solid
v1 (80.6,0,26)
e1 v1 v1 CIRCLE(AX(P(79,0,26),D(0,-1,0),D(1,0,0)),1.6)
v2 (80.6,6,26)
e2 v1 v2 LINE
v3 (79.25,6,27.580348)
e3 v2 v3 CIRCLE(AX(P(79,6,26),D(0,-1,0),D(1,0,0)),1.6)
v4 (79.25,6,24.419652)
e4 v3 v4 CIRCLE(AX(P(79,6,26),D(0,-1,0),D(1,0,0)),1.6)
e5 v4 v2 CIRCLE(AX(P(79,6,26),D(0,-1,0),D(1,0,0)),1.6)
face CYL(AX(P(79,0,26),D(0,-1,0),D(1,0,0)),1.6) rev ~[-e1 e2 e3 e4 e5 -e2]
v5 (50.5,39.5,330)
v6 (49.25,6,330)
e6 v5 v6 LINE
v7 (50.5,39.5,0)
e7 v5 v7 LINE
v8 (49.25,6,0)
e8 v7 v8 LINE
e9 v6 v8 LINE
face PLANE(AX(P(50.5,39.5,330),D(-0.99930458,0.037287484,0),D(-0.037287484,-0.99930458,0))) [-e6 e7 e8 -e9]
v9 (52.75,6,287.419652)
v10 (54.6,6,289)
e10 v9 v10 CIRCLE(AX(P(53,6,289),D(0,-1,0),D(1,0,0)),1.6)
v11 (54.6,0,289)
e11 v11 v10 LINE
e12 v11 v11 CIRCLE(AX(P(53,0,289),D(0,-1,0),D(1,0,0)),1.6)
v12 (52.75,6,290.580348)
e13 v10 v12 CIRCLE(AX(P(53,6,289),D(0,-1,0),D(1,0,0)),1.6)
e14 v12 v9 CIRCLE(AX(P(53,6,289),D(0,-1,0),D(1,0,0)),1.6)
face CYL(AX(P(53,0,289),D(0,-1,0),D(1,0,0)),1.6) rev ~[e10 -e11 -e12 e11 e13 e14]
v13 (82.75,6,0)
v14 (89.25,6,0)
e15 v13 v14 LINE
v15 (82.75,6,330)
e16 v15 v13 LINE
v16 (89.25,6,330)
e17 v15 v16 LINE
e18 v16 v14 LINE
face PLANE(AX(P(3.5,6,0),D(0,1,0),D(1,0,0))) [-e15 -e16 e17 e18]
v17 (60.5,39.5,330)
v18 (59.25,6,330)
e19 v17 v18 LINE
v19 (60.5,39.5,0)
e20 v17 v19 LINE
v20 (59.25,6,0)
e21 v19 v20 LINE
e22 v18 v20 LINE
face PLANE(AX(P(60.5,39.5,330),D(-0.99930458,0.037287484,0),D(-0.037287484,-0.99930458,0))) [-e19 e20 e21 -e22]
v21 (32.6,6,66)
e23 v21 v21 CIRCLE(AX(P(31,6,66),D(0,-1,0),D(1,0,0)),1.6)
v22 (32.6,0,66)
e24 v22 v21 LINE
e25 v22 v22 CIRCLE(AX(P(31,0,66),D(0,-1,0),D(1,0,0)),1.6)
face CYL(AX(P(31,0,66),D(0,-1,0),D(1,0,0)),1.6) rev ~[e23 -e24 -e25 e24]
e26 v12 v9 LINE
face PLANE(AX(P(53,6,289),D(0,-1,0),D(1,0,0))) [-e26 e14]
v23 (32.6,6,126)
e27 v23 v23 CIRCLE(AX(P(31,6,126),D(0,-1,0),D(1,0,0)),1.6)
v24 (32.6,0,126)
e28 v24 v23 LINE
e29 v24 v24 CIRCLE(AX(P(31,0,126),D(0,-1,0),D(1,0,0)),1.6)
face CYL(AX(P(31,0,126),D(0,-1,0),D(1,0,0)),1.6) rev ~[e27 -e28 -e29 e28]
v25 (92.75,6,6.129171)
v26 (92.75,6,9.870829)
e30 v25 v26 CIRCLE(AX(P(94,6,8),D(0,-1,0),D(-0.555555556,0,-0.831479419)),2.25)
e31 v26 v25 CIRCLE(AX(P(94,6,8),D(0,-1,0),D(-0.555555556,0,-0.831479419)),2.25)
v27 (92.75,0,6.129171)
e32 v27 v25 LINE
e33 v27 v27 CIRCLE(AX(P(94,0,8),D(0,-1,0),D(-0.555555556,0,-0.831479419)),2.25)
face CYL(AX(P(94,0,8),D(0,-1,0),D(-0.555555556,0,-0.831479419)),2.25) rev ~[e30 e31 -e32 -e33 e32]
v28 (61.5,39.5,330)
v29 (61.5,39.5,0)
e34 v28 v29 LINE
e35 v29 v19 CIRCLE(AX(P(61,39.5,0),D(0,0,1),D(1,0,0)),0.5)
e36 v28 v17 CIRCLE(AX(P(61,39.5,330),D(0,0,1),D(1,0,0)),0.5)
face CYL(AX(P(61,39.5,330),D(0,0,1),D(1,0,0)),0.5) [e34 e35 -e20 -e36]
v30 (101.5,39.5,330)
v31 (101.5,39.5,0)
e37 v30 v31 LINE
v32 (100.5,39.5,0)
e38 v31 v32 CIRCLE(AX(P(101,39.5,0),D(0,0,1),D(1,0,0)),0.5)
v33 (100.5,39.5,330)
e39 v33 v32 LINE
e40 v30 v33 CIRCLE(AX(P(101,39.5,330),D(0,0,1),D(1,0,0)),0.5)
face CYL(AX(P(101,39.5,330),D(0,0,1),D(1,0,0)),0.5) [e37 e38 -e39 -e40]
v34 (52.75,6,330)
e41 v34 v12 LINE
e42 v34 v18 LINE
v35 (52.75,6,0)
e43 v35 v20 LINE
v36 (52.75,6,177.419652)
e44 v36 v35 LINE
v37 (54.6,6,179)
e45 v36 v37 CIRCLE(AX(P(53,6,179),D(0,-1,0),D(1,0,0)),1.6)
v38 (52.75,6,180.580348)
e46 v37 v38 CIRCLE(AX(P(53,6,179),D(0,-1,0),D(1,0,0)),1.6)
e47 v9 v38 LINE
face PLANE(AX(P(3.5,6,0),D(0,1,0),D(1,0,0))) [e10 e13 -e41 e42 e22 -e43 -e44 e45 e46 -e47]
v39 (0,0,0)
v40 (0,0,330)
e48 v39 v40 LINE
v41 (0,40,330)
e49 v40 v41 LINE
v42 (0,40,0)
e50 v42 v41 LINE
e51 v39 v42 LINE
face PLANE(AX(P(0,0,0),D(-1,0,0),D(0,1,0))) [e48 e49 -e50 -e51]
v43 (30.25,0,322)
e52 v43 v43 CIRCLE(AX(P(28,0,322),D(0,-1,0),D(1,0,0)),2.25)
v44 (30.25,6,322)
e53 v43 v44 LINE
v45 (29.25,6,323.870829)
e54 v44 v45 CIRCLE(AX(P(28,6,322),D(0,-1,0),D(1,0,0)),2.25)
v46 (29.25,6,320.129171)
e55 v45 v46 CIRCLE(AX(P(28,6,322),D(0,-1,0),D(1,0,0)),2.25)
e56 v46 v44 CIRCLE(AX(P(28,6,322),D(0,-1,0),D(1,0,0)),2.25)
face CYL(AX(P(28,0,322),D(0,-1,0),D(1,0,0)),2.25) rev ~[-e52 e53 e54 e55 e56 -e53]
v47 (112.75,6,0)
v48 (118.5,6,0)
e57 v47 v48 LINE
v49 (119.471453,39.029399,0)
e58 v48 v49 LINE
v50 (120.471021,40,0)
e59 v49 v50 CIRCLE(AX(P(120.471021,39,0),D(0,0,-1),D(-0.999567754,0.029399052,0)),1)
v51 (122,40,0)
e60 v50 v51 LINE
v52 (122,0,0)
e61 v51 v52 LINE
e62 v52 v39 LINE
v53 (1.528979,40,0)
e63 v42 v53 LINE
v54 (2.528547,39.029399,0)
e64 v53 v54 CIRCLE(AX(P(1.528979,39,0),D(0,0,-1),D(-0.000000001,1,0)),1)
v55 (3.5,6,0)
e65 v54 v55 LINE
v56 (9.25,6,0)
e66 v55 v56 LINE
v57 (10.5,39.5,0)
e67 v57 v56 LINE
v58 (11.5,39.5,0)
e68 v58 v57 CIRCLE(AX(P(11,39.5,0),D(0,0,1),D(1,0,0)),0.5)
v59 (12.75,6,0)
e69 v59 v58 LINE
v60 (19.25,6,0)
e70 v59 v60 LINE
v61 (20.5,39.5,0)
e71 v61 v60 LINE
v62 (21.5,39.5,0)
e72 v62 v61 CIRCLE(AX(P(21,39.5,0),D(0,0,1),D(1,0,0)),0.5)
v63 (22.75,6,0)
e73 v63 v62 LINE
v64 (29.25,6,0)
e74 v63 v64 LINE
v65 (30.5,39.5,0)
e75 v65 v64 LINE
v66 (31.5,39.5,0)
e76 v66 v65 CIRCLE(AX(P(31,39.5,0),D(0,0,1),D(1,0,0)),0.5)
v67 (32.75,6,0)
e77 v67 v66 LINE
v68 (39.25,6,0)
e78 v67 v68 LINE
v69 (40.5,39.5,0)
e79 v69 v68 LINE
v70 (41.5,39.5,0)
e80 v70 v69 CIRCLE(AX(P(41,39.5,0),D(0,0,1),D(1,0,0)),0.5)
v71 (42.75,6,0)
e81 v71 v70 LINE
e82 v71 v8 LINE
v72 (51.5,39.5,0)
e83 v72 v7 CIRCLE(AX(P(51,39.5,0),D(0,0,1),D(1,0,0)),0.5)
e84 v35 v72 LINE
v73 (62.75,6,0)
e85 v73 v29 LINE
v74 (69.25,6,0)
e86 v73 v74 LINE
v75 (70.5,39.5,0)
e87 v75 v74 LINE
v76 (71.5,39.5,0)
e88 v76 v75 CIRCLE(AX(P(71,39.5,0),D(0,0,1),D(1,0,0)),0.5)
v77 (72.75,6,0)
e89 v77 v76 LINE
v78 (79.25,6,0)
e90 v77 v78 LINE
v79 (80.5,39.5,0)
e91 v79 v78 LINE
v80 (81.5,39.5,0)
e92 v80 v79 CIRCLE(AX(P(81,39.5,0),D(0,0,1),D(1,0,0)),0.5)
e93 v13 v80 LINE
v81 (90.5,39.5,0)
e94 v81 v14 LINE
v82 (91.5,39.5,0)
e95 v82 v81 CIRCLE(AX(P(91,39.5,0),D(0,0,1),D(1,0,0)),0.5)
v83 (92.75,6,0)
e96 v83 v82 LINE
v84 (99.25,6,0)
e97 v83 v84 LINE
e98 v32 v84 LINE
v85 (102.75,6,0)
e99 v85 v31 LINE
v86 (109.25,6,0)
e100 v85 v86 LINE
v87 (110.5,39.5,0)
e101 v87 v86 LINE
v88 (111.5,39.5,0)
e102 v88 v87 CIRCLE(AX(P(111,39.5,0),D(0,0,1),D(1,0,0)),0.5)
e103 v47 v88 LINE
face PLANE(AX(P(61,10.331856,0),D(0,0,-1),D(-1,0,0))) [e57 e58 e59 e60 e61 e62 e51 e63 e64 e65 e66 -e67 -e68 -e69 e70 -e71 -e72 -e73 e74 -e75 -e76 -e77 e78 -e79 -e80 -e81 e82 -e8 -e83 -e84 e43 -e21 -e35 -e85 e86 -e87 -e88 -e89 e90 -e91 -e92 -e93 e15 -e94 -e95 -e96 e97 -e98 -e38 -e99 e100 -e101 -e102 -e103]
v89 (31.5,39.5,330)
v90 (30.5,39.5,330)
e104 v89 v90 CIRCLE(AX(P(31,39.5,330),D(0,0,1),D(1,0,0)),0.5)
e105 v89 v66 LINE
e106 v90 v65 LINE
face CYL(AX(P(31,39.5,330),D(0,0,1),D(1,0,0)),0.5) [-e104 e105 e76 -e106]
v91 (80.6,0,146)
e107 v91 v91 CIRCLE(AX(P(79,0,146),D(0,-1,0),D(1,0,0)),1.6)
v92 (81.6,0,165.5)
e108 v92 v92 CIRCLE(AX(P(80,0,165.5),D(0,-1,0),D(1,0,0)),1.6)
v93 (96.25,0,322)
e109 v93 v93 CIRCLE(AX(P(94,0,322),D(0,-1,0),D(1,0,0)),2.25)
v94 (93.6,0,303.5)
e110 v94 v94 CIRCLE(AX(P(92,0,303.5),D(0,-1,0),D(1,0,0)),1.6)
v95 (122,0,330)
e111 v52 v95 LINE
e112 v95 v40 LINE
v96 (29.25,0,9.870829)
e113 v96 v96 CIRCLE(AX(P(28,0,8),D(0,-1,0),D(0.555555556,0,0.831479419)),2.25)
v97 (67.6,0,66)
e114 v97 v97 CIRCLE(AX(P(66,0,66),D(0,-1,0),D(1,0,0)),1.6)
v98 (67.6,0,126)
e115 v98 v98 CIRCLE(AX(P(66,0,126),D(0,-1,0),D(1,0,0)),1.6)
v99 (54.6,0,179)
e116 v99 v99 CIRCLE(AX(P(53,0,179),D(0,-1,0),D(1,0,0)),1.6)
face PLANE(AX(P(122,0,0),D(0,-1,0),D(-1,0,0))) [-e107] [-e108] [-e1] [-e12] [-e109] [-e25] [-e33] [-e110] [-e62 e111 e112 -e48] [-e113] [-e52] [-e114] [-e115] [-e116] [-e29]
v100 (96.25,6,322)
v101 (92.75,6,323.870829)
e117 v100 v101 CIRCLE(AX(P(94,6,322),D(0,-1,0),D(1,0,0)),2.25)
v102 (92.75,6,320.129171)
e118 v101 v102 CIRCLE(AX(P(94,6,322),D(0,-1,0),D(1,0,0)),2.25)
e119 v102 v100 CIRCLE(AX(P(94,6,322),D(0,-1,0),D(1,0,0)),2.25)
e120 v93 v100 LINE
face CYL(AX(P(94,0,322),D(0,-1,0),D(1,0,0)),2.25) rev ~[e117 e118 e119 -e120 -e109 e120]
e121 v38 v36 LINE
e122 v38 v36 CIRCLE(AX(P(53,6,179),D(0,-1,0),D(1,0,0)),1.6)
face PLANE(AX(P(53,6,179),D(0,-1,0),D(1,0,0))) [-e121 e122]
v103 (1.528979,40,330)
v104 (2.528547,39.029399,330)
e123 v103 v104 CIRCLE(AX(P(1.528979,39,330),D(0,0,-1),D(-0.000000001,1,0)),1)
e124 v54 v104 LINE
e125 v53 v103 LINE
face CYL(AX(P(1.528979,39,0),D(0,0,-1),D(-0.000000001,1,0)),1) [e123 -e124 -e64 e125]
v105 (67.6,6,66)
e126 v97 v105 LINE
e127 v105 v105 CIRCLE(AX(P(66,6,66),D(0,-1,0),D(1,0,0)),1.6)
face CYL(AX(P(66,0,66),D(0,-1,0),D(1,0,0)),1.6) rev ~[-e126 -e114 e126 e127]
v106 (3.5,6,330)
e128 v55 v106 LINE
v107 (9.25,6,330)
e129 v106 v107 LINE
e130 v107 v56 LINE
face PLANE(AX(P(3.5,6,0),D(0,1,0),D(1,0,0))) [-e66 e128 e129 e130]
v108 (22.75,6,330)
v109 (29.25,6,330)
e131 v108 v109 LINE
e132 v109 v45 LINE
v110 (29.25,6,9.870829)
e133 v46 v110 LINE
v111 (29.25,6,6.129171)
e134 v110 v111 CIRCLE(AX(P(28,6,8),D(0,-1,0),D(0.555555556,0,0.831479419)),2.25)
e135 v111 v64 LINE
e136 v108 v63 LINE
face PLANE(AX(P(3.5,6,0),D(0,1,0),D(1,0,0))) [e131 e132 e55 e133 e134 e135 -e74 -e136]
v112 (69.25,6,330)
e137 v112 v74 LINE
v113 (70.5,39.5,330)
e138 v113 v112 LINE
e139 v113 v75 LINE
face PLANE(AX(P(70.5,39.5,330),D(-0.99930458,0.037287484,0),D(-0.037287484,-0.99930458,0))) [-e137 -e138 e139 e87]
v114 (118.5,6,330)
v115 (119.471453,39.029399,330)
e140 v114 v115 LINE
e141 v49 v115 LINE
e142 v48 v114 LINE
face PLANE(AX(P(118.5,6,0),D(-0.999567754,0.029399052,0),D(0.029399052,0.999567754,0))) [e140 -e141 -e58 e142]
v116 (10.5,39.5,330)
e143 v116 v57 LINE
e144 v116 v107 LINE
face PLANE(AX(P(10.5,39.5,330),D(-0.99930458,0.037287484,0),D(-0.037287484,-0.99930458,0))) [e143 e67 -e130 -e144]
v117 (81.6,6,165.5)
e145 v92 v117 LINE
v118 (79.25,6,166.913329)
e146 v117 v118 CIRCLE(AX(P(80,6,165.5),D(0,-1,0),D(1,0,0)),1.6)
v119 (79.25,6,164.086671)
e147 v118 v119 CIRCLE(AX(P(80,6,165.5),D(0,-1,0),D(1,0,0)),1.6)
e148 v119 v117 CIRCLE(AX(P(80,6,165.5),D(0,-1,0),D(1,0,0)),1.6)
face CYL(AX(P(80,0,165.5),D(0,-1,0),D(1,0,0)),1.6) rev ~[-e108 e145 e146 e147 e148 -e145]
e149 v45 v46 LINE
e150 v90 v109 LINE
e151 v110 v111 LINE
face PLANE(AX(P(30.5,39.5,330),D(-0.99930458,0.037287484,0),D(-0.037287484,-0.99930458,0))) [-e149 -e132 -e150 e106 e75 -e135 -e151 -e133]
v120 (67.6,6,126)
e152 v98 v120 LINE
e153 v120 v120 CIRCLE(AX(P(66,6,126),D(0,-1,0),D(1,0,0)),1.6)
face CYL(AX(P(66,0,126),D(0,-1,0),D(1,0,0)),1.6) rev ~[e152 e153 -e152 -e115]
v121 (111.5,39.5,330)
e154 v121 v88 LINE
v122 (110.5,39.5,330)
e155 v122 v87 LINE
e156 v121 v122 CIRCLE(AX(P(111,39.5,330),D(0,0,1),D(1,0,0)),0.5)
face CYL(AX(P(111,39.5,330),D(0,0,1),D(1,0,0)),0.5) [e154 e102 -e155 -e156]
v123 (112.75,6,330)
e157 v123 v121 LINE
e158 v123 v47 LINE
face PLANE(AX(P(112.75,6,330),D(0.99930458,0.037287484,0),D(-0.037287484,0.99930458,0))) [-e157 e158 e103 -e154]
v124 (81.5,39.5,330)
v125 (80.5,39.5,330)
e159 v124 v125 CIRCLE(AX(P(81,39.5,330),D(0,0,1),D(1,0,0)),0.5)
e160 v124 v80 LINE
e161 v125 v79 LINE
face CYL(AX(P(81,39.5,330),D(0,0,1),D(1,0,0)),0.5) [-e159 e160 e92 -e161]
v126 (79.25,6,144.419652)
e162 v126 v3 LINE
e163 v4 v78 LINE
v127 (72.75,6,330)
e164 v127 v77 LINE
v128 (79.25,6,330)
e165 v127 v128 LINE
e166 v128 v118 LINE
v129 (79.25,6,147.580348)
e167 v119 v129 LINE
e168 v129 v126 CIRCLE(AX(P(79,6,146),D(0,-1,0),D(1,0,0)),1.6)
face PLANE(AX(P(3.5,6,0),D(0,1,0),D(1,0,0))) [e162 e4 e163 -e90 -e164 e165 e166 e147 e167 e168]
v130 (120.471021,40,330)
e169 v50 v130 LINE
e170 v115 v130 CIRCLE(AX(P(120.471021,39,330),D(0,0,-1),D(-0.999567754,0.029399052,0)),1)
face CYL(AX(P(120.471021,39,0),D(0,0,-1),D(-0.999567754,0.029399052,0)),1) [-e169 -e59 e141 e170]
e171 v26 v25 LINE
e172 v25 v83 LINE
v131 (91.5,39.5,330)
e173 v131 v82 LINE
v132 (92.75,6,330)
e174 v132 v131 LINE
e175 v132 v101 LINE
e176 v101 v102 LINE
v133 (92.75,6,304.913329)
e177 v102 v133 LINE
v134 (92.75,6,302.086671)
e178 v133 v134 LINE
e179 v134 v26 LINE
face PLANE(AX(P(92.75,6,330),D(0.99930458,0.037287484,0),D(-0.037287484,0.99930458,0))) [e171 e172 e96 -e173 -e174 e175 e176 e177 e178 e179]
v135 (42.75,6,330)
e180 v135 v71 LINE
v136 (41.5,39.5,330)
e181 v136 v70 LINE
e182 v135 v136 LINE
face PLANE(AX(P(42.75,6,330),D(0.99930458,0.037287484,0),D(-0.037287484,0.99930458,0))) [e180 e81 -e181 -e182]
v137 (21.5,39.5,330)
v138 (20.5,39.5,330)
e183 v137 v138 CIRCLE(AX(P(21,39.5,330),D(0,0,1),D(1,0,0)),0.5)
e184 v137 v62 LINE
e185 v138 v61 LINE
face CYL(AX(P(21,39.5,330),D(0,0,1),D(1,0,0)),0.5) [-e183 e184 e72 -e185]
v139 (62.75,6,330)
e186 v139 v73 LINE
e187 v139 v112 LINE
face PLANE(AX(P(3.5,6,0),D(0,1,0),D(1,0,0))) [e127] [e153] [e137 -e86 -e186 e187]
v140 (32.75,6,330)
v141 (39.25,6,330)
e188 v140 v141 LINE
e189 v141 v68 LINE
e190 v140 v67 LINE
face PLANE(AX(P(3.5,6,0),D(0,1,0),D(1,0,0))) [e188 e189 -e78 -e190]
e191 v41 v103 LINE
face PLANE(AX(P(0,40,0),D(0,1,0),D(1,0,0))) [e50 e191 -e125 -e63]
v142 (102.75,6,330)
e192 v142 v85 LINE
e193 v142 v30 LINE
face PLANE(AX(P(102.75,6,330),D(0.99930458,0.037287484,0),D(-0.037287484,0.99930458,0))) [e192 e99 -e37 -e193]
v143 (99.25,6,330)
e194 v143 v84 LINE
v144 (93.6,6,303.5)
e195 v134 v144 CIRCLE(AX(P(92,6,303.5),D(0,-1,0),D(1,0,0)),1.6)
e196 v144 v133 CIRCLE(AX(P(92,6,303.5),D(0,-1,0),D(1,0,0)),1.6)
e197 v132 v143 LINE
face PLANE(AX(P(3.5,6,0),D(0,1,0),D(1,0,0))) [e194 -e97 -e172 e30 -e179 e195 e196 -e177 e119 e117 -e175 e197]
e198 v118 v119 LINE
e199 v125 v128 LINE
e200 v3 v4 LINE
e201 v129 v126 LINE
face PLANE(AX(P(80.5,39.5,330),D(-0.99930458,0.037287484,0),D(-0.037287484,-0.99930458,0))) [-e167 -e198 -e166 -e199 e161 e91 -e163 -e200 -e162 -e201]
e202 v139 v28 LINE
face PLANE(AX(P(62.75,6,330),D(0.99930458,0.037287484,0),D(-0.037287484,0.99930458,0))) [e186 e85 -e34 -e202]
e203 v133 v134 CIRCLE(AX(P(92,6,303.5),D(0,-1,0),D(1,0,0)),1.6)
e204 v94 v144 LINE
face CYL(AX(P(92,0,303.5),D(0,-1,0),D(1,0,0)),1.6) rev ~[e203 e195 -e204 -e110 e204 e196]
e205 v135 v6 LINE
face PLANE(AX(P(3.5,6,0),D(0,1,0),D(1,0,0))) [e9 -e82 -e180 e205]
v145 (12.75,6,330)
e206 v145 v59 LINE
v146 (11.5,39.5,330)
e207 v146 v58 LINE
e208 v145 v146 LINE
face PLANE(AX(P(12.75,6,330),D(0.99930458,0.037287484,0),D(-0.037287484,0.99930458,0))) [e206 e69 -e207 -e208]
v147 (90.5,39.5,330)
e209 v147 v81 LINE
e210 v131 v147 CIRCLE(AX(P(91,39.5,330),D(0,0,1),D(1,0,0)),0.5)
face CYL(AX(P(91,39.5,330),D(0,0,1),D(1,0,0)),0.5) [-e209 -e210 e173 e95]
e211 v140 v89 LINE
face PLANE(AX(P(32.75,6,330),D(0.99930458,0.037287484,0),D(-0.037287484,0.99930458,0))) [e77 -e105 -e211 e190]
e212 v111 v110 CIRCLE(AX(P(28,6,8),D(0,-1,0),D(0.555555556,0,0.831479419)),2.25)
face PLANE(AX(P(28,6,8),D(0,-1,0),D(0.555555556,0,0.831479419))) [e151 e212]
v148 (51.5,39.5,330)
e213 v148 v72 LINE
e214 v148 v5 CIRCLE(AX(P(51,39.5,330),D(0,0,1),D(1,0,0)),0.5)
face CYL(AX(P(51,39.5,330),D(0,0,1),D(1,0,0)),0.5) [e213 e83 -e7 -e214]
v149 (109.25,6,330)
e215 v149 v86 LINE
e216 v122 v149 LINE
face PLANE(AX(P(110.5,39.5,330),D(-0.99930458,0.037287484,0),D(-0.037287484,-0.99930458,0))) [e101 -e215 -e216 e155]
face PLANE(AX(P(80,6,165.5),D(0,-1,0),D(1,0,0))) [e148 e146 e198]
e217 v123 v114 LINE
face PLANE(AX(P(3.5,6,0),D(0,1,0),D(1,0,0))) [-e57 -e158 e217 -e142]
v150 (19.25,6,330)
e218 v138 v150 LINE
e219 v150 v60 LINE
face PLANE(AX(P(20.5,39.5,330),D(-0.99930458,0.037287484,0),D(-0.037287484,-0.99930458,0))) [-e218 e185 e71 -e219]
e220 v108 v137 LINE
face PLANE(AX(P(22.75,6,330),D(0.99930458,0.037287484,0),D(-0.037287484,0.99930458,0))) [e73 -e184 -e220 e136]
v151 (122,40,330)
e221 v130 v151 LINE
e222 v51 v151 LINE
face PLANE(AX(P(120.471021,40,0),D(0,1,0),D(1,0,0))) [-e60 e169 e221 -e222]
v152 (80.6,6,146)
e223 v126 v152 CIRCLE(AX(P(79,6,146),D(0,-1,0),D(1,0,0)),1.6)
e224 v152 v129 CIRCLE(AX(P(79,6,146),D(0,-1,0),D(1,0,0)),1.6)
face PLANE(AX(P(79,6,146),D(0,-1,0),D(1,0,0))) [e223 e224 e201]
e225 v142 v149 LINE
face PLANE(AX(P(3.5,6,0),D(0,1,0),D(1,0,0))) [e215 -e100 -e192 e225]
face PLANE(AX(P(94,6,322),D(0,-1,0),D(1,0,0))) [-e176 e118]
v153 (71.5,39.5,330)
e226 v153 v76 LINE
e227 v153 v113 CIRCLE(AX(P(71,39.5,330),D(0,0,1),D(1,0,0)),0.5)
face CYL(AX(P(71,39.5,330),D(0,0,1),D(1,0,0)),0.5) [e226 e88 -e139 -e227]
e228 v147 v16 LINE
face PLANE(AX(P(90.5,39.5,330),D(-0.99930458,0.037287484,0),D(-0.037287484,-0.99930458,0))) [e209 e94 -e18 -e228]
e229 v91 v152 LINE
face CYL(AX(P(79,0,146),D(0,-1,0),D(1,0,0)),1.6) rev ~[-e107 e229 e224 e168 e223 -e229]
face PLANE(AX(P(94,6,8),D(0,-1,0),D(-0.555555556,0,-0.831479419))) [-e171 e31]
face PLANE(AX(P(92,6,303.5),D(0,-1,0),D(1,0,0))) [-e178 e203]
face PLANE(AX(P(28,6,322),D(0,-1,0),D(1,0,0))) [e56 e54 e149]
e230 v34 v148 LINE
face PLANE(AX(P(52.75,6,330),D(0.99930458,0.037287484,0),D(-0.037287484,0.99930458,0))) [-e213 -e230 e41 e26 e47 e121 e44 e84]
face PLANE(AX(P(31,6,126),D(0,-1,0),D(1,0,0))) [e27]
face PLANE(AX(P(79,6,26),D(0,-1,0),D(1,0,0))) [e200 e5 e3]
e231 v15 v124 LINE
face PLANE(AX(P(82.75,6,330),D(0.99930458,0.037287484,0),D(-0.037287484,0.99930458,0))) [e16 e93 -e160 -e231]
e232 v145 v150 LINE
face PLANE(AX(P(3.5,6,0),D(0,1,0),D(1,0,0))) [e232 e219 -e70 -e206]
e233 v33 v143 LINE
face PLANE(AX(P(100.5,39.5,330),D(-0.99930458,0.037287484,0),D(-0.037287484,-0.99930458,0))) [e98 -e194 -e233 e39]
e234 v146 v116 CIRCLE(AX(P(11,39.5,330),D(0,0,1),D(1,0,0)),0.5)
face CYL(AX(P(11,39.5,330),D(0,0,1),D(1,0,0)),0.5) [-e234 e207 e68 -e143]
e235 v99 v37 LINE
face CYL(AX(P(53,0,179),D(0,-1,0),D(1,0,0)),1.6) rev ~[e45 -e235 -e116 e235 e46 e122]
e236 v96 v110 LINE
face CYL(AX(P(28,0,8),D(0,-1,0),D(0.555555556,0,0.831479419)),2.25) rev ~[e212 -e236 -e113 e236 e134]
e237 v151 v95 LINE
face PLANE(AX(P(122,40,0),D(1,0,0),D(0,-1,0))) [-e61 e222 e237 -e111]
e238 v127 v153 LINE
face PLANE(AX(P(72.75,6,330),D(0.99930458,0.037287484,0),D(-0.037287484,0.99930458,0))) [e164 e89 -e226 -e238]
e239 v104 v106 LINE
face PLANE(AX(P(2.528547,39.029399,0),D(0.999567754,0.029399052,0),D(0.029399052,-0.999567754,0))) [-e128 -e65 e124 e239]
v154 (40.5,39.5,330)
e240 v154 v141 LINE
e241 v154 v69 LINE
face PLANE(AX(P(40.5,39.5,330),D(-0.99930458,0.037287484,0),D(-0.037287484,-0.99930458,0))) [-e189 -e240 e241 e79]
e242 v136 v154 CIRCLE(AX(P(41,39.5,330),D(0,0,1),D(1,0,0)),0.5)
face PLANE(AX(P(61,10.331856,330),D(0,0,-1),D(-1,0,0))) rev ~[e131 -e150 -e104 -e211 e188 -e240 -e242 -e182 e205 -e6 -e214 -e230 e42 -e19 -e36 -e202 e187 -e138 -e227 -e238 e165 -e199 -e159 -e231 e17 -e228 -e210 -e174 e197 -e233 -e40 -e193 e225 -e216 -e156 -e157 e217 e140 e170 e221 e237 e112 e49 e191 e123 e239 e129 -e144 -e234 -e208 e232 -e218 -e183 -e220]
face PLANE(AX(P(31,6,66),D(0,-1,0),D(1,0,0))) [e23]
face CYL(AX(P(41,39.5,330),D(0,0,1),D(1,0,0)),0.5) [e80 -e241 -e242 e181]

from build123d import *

# Parameters (mm, degrees)
EXTRUDE_1_DEPTH       = 330
EXTRUDE_3_DEPTH       = 330
PATTERN_CURVE_1_COUNT = 11
PATTERN_CURVE_1_PITCH = 10
SKETCH_3_R            = 2.25
CUT_EXTRUDE_1_DEPTH   = 6
SKETCH_4_R            = 1.6
CUT_EXTRUDE_2_DEPTH   = 6


with BuildPart() as part:
    # Эскиз1 → Вытянуть1 (new body)
    with BuildSketch(Plane.XY):
        with BuildLine():
            Line((0, 40), (1.528979332, 40))
            ThreePointArc((1.528979332, 40), (2.225614441, 39.717425624), (2.528547087, 39.029399052))
            Line((2.528547087, 39.029399052), (3.5, 6))
            Line((3.5, 6), (118.5, 6))
            Line((118.5, 6), (119.471452913, 39.029399052))
            ThreePointArc((119.471452913, 39.029399052), (119.774385559, 39.717425624), (120.471020668, 40))
            Line((120.471020668, 40), (122, 40))
            Line((122, 40), (122, 0))
            Line((122, 0), (0, 0))
            Line((0, 0), (0, 40))
        make_face()
    extrude(amount=EXTRUDE_1_DEPTH)

    # Эскиз2 → Вытянуть3 (add)
    with BuildSketch(Plane.XY.offset(330)):
        with BuildLine():
            Line((10.5, 39.5), (9.25, 6))
            Line((9.25, 6), (12.75, 6))
            Line((12.75, 6), (11.5, 39.5))
            ThreePointArc((11.5, 39.5), (11, 40), (10.5, 39.5))
        make_face()
    extrude_3 = extrude(amount=-EXTRUDE_3_DEPTH)

    # Кривая1: Вытянуть3 ×11
    with Locations(*[(i * PATTERN_CURVE_1_PITCH, 0, 0) for i in range(1, PATTERN_CURVE_1_COUNT)]):
        add(extrude_3)

    # Эскиз3 → Вырез-Вытянуть1 (cut)
    with BuildSketch(Plane.XZ):
        with Locations((28, 322)):
            Circle(SKETCH_3_R)
        with Locations((94, 322)):
            Circle(SKETCH_3_R)
        with Locations(Location((94, 8, 0), (0, 0, 236.251011404))):
            Circle(SKETCH_3_R)
        with Locations(Location((28, 8, 0), (0, 0, 56.251011404))):
            Circle(SKETCH_3_R)
    extrude(amount=-CUT_EXTRUDE_1_DEPTH, mode=Mode.SUBTRACT)

    # Эскиз4 → Вырез-Вытянуть2 (cut)
    with BuildSketch(Plane(origin=(147.933613103, 0, 237.946321054), x_dir=(-1, 0, 0), z_dir=(0, -1, 0))):
        with Locations(Location((94.933613103, -51.053678946, 0), (0, 0, 180))):
            Circle(SKETCH_4_R)
        with Locations(Location((116.933613103, 111.946321054, 0), (0, 0, 180))):
            Circle(SKETCH_4_R)
        with Locations(Location((68.933613103, 211.946321054, 0), (0, 0, 180))):
            Circle(SKETCH_4_R)
        with Locations(Location((68.933613103, 91.946321054, 0), (0, 0, 180))):
            Circle(SKETCH_4_R)
        with Locations(Location((81.933613103, 111.946321054, 0), (0, 0, 180))):
            Circle(SKETCH_4_R)
        with Locations(Location((116.933613103, 171.946321054, 0), (0, 0, 180))):
            Circle(SKETCH_4_R)
        with Locations(Location((81.933613103, 171.946321054, 0), (0, 0, 180))):
            Circle(SKETCH_4_R)
        with Locations(Location((94.933613103, 58.946321054, 0), (0, 0, 180))):
            Circle(SKETCH_4_R)
        with Locations(Location((55.933613103, -65.553678946, 0), (0, 0, 180))):
            Circle(SKETCH_4_R)
        with Locations(Location((67.933613103, 72.446321054, 0), (0, 0, 180))):
            Circle(SKETCH_4_R)
    extrude(amount=-CUT_EXTRUDE_2_DEPTH, mode=Mode.SUBTRACT)


solid = part.part
